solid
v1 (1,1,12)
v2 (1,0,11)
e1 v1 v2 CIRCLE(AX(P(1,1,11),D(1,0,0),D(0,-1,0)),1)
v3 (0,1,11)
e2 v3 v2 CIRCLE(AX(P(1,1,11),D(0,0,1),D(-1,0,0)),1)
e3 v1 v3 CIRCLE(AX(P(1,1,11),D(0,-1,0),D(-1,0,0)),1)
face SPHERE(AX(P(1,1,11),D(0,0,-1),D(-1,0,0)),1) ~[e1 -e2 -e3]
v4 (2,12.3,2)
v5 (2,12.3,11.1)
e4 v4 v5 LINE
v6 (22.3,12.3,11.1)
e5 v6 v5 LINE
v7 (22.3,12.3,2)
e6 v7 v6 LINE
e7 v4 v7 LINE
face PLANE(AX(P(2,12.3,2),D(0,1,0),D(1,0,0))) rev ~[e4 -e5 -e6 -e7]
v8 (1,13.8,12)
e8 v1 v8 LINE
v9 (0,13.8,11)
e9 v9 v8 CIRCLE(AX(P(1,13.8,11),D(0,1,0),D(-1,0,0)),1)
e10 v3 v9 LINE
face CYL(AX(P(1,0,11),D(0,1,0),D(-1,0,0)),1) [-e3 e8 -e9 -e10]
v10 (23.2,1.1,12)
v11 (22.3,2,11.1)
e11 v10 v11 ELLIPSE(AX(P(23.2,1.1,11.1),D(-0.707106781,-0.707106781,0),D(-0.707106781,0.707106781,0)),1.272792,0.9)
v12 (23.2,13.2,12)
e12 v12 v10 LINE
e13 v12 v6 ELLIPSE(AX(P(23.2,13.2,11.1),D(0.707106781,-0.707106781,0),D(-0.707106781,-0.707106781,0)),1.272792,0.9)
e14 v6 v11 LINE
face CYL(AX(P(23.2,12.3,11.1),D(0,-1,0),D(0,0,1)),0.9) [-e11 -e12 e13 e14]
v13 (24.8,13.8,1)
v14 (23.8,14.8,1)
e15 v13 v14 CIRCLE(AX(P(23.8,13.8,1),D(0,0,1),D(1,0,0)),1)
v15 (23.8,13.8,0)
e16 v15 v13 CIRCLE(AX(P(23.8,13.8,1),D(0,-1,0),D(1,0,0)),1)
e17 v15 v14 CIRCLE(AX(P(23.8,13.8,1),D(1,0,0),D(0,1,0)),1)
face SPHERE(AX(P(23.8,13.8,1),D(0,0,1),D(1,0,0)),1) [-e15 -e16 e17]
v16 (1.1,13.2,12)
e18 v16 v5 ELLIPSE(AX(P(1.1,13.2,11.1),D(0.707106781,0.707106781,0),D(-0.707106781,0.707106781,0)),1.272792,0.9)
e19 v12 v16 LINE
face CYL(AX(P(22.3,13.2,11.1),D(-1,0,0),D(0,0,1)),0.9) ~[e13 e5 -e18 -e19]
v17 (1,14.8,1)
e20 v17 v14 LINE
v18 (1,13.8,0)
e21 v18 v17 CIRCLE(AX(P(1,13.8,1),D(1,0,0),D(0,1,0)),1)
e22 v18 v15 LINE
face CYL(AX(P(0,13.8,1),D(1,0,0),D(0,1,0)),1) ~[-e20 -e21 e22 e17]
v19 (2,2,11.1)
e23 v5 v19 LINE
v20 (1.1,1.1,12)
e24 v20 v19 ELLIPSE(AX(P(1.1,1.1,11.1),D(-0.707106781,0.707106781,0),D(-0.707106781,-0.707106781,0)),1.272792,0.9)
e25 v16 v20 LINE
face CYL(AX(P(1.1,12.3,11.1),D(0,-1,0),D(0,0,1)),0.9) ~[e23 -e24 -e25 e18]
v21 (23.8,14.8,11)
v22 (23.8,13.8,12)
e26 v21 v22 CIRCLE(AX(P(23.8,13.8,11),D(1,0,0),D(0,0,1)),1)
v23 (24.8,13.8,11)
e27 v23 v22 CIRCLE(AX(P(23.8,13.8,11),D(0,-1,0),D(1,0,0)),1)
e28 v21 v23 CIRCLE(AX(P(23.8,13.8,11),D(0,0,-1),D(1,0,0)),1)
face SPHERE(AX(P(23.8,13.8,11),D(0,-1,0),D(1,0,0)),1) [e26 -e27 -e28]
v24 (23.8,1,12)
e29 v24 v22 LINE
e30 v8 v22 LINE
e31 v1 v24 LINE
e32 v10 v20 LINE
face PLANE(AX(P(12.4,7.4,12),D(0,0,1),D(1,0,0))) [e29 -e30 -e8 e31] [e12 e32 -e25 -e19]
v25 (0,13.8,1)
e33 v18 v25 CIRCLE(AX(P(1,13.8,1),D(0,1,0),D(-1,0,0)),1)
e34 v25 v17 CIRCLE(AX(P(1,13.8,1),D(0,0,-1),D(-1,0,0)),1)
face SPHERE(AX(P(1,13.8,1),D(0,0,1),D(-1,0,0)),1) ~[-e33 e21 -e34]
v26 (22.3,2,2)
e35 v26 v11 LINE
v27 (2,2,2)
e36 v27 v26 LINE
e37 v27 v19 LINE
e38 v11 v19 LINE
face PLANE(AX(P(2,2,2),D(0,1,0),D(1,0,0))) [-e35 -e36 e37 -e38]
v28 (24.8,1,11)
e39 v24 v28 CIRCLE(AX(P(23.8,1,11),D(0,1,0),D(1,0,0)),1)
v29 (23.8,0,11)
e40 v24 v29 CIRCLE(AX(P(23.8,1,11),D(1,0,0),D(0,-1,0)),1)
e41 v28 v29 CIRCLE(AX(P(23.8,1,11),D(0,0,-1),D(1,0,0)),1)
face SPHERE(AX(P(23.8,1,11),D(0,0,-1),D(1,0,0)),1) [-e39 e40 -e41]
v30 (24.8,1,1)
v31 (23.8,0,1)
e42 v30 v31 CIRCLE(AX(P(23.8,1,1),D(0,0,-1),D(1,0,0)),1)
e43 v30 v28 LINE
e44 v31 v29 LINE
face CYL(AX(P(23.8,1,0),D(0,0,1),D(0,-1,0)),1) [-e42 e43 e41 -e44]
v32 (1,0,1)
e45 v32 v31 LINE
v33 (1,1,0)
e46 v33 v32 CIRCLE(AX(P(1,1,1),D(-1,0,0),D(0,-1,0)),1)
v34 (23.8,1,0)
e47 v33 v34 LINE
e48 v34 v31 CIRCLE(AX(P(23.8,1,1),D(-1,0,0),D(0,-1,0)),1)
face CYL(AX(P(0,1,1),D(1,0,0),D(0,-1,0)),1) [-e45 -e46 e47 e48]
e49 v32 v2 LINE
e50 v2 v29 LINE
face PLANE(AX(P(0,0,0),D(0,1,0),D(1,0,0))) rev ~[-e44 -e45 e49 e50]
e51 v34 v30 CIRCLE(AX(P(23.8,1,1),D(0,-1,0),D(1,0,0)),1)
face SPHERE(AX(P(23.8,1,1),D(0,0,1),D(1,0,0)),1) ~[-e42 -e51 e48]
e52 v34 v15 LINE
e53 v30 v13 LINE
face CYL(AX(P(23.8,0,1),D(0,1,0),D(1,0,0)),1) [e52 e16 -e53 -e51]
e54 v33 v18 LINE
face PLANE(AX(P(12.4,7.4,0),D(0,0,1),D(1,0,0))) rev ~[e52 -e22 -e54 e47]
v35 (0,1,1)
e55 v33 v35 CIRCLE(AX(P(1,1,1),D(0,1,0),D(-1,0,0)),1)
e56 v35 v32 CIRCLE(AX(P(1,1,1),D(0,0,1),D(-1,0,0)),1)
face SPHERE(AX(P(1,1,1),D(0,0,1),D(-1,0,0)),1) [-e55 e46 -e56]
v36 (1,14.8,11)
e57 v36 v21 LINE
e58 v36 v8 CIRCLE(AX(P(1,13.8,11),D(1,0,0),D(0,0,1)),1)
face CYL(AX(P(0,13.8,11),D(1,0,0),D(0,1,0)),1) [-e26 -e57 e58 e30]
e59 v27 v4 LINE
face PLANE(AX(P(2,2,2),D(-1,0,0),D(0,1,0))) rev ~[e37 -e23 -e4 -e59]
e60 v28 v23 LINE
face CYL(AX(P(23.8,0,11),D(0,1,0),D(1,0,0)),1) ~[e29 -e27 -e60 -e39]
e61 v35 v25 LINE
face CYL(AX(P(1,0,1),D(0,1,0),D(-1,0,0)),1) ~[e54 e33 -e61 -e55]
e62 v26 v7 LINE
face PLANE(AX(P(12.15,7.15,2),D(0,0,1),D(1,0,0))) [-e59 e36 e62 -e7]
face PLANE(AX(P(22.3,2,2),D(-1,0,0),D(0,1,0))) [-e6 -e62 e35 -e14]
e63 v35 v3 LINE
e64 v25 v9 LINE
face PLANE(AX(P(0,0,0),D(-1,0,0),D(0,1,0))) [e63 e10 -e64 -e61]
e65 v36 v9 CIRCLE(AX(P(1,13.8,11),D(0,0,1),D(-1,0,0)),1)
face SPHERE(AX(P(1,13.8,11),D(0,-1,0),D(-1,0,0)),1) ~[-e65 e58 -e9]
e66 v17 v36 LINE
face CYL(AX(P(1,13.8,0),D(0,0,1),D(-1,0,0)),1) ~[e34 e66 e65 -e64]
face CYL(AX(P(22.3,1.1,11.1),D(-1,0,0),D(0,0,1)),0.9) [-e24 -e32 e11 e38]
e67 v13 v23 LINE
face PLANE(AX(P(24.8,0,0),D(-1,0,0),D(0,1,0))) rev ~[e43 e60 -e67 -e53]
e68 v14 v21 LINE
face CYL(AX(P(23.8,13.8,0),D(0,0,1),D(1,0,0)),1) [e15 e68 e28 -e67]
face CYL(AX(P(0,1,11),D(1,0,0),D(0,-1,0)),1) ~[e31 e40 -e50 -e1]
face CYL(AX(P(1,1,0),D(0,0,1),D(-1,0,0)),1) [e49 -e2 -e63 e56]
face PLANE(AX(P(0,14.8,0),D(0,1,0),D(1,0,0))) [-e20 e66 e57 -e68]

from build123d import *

# Parameters (mm, degrees)
BOX038_W     = 20.3
BOX038_H     = 10.3
BOX038_DEPTH = 300
BOX039_W     = 24.8
BOX039_H     = 14.8
BOX039_DEPTH = 12
FILLET019_R  = 1
FILLET020_R  = 0.9


with BuildPart() as cube_20x10_clone001:
    # Box038 → Box038 (new body)
    with BuildSketch(Plane.XY):
        with Locations((10.15, 5.15)):
            Rectangle(BOX038_W, BOX038_H)
    extrude(amount=BOX038_DEPTH)


with BuildPart() as cube_20x10_clone001_1:
    # Body012 placement: moved
    add(cube_20x10_clone001.part.moved(Location((2, 2, 2))))


with BuildPart() as profile_cap_outer_fillet:
    # Box039 → Box039 (new body)
    with BuildSketch(Plane.XY):
        with Locations((12.4, 7.4)):
            Rectangle(BOX039_W, BOX039_H)
    extrude(amount=BOX039_DEPTH)

    # Fillet019
    fillet019_edges = [profile_cap_outer_fillet.edges().sort_by_distance(p)[0] for p in [
        (0, 0, 6),
        (0, 7.4, 12),
        (0, 14.8, 6),
        (0, 7.4, 0),
        (24.8, 0, 6),
        (24.8, 7.4, 12),
        (24.8, 14.8, 6),
        (24.8, 7.4, 0),
        (12.4, 0, 0),
        (12.4, 0, 12),
        (12.4, 14.8, 0),
        (12.4, 14.8, 12),
    ]]
    fillet(fillet019_edges, radius=FILLET019_R)

    # Cut023012: cut cube 20x10 clone001
    add(cube_20x10_clone001_1.part, mode=Mode.SUBTRACT)

    # Fillet020
    fillet020_edges = [profile_cap_outer_fillet.edges().sort_by_distance(p)[0] for p in [
        (12.15, 2, 12),
        (22.3, 7.15, 12),
        (12.15, 12.3, 12),
        (2, 7.15, 12),
    ]]
    fillet(fillet020_edges, radius=FILLET020_R)


solid = profile_cap_outer_fillet.part
